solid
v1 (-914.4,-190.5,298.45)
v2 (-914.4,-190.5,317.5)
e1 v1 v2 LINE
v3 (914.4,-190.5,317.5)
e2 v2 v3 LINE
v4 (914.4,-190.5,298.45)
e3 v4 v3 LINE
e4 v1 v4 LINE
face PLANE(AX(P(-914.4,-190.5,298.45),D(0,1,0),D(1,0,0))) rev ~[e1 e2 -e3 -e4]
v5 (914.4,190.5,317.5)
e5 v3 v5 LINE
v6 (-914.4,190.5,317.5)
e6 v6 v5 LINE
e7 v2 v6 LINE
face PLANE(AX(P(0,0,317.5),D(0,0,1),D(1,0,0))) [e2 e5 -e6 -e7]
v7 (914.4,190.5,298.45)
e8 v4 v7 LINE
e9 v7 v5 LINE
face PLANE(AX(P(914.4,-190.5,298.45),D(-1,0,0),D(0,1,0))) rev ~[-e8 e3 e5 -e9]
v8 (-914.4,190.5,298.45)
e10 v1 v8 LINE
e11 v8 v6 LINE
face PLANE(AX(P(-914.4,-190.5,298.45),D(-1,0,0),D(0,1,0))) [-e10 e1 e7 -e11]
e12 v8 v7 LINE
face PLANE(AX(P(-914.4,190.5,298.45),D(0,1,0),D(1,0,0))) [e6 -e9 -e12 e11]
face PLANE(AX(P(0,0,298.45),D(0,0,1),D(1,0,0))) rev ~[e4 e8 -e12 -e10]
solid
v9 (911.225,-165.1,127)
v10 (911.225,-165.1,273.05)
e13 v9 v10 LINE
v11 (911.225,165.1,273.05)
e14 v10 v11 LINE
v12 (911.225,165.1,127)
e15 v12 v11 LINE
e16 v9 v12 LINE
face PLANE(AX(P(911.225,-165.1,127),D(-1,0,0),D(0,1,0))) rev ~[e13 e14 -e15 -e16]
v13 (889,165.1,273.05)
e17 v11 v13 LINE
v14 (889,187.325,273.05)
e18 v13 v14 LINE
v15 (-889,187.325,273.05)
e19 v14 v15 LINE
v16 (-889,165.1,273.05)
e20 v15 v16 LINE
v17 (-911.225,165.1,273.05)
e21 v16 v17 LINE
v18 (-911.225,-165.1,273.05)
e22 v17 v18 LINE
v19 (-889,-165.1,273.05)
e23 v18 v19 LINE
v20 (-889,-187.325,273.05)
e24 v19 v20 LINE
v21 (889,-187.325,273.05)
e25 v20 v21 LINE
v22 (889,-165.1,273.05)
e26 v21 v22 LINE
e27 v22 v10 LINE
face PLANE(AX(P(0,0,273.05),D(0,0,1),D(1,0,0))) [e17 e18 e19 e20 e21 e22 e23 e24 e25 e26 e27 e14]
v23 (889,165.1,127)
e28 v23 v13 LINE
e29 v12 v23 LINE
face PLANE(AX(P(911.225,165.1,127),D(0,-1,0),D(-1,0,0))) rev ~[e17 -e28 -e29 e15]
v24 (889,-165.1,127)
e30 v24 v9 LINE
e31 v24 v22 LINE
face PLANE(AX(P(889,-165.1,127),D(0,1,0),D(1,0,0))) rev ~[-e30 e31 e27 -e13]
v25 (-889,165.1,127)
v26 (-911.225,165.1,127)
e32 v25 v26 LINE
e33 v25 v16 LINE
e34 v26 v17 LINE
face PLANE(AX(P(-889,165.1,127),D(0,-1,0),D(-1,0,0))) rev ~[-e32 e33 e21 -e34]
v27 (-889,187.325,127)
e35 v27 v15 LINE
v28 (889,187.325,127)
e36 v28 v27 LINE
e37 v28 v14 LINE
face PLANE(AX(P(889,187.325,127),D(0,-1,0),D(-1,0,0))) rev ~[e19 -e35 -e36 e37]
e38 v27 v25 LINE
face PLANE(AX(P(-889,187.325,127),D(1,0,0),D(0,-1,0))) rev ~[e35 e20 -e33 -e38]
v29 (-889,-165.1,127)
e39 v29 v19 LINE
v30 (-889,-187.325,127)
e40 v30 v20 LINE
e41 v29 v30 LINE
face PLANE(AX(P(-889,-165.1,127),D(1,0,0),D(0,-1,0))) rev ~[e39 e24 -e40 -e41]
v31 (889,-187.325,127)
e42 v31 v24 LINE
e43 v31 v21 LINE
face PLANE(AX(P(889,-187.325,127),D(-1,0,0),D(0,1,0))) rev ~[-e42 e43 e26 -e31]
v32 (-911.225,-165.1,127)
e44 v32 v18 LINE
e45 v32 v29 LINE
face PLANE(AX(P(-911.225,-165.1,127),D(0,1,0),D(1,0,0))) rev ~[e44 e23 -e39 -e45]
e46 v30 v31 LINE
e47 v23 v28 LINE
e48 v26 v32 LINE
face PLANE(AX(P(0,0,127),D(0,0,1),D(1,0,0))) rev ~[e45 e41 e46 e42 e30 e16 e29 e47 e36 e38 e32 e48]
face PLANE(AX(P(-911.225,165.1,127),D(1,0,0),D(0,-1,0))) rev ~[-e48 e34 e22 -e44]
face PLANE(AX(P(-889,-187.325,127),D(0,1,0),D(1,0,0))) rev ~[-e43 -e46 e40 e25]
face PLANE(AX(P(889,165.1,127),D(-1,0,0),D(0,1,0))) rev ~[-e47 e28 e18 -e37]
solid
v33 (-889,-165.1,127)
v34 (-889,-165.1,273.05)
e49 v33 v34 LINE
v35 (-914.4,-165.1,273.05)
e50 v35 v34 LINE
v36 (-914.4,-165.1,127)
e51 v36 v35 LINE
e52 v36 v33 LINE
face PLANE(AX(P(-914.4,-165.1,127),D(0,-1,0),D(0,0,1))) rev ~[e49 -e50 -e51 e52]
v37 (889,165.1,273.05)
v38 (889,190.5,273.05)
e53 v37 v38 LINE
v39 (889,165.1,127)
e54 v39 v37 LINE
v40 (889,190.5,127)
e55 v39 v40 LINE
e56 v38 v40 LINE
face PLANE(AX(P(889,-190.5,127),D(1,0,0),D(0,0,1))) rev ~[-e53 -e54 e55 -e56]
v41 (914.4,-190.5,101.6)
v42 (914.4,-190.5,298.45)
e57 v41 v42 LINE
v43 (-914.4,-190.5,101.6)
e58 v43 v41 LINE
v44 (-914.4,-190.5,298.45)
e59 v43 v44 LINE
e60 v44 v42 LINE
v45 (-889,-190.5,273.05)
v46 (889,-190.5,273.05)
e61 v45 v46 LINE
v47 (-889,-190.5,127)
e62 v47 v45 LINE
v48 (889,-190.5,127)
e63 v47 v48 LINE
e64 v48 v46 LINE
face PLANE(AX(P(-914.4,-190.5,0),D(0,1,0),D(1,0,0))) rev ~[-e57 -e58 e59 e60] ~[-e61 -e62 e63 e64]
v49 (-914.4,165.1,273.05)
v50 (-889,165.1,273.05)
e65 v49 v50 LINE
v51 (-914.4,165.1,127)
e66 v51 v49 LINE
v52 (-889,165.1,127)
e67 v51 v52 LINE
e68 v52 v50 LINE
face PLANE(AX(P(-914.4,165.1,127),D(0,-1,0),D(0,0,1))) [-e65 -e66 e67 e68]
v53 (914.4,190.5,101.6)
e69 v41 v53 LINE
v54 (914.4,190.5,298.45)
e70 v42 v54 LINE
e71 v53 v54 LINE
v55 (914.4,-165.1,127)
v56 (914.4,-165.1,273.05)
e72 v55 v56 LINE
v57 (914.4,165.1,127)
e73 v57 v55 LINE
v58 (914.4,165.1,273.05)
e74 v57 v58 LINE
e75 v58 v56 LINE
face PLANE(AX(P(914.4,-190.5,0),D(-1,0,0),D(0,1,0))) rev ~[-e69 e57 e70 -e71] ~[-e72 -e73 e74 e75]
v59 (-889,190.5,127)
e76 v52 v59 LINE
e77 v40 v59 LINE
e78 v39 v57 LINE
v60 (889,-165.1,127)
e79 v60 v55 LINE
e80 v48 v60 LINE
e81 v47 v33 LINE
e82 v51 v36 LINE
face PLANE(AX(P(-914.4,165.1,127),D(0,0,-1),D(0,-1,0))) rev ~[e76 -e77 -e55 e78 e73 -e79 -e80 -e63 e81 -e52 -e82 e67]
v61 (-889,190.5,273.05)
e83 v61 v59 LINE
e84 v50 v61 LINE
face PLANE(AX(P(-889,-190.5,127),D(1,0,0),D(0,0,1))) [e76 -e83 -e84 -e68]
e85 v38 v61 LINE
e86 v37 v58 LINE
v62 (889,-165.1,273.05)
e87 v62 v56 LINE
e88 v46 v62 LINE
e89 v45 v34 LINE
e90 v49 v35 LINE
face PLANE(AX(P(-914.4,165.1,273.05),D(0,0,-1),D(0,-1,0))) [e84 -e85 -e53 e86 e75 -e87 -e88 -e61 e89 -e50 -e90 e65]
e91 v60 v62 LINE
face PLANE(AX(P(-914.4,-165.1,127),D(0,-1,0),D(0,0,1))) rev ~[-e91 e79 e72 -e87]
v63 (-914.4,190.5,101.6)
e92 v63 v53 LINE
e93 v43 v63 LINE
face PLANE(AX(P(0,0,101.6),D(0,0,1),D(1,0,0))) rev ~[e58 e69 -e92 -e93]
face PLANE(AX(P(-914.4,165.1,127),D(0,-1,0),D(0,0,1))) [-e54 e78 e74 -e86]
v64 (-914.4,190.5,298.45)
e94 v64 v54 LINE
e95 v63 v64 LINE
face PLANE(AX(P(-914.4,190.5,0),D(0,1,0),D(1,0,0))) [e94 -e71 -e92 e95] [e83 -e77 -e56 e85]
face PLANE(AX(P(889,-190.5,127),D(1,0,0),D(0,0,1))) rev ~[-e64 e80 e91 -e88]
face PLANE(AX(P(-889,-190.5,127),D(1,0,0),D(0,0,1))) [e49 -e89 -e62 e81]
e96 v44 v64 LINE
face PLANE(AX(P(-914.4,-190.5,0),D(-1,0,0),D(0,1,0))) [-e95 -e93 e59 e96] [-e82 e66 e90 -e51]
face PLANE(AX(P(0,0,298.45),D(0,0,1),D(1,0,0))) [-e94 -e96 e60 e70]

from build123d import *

# Parameters (mm, degrees)
F0_W      = 1828.8
F0_H      = 381
F1_DEPTH  = 298.45
F2_DEPTH  = 101.6
F3_W      = 1828.8
F3_H      = 381
F4_DEPTH  = 19.05
F5_W      = 330.2
F5_H      = 146.05
F6_DEPTH  = 1828.801
F7_W      = 1778
F7_H      = 146.05
F8_DEPTH  = 381.001
F10_DEPTH = 146.05


with BuildPart() as f1:
    # F0 (on Top) → F1 (new body)
    with BuildSketch(Plane.XY):
        Rectangle(F0_W, F0_H)
    extrude(amount=F1_DEPTH)

    # F0 (on Top) → F2 (cut)
    with BuildSketch(Plane.XY):
        Rectangle(F0_W, F0_H)
    extrude(amount=F2_DEPTH, mode=Mode.SUBTRACT)

    # F5 (on face) → F6 (cut, through all)
    with BuildSketch(Plane(origin=(-914.4, 0, 0), x_dir=(0, -1, 0), z_dir=(-1, 0, 0))):
        with Locations((0, 200.025)):
            Rectangle(F5_W, F5_H)
    extrude(amount=-F6_DEPTH, mode=Mode.SUBTRACT)

    # F7 (on face) → F8 (cut, through all)
    with BuildSketch(Plane.XZ.offset(190.5)):
        with Locations((0, 200.025)):
            Rectangle(F7_W, F7_H)
    extrude(amount=-F8_DEPTH, mode=Mode.SUBTRACT)


with BuildPart() as f4:
    # F3 (on face) → F4 (new body)
    with BuildSketch(Plane.XY.offset(298.45)):
        Rectangle(F3_W, F3_H)
    extrude(amount=F4_DEPTH)


with BuildPart() as f10:
    # F9 (on face) → F10 (new body, through all)
    with BuildSketch(Plane.XY.offset(127)):
        Polygon((-889, 187.325), (-889, 165.1), (-911.225, 165.1), (-911.225, -165.1), (-889, -165.1), (-889, -187.325), (889, -187.325), (889, -165.1), (911.225, -165.1), (911.225, 165.1), (889, 165.1), (889, 187.325), align=None)
    extrude(amount=F10_DEPTH)


solid = Compound([f1.part, f4.part, f10.part])
